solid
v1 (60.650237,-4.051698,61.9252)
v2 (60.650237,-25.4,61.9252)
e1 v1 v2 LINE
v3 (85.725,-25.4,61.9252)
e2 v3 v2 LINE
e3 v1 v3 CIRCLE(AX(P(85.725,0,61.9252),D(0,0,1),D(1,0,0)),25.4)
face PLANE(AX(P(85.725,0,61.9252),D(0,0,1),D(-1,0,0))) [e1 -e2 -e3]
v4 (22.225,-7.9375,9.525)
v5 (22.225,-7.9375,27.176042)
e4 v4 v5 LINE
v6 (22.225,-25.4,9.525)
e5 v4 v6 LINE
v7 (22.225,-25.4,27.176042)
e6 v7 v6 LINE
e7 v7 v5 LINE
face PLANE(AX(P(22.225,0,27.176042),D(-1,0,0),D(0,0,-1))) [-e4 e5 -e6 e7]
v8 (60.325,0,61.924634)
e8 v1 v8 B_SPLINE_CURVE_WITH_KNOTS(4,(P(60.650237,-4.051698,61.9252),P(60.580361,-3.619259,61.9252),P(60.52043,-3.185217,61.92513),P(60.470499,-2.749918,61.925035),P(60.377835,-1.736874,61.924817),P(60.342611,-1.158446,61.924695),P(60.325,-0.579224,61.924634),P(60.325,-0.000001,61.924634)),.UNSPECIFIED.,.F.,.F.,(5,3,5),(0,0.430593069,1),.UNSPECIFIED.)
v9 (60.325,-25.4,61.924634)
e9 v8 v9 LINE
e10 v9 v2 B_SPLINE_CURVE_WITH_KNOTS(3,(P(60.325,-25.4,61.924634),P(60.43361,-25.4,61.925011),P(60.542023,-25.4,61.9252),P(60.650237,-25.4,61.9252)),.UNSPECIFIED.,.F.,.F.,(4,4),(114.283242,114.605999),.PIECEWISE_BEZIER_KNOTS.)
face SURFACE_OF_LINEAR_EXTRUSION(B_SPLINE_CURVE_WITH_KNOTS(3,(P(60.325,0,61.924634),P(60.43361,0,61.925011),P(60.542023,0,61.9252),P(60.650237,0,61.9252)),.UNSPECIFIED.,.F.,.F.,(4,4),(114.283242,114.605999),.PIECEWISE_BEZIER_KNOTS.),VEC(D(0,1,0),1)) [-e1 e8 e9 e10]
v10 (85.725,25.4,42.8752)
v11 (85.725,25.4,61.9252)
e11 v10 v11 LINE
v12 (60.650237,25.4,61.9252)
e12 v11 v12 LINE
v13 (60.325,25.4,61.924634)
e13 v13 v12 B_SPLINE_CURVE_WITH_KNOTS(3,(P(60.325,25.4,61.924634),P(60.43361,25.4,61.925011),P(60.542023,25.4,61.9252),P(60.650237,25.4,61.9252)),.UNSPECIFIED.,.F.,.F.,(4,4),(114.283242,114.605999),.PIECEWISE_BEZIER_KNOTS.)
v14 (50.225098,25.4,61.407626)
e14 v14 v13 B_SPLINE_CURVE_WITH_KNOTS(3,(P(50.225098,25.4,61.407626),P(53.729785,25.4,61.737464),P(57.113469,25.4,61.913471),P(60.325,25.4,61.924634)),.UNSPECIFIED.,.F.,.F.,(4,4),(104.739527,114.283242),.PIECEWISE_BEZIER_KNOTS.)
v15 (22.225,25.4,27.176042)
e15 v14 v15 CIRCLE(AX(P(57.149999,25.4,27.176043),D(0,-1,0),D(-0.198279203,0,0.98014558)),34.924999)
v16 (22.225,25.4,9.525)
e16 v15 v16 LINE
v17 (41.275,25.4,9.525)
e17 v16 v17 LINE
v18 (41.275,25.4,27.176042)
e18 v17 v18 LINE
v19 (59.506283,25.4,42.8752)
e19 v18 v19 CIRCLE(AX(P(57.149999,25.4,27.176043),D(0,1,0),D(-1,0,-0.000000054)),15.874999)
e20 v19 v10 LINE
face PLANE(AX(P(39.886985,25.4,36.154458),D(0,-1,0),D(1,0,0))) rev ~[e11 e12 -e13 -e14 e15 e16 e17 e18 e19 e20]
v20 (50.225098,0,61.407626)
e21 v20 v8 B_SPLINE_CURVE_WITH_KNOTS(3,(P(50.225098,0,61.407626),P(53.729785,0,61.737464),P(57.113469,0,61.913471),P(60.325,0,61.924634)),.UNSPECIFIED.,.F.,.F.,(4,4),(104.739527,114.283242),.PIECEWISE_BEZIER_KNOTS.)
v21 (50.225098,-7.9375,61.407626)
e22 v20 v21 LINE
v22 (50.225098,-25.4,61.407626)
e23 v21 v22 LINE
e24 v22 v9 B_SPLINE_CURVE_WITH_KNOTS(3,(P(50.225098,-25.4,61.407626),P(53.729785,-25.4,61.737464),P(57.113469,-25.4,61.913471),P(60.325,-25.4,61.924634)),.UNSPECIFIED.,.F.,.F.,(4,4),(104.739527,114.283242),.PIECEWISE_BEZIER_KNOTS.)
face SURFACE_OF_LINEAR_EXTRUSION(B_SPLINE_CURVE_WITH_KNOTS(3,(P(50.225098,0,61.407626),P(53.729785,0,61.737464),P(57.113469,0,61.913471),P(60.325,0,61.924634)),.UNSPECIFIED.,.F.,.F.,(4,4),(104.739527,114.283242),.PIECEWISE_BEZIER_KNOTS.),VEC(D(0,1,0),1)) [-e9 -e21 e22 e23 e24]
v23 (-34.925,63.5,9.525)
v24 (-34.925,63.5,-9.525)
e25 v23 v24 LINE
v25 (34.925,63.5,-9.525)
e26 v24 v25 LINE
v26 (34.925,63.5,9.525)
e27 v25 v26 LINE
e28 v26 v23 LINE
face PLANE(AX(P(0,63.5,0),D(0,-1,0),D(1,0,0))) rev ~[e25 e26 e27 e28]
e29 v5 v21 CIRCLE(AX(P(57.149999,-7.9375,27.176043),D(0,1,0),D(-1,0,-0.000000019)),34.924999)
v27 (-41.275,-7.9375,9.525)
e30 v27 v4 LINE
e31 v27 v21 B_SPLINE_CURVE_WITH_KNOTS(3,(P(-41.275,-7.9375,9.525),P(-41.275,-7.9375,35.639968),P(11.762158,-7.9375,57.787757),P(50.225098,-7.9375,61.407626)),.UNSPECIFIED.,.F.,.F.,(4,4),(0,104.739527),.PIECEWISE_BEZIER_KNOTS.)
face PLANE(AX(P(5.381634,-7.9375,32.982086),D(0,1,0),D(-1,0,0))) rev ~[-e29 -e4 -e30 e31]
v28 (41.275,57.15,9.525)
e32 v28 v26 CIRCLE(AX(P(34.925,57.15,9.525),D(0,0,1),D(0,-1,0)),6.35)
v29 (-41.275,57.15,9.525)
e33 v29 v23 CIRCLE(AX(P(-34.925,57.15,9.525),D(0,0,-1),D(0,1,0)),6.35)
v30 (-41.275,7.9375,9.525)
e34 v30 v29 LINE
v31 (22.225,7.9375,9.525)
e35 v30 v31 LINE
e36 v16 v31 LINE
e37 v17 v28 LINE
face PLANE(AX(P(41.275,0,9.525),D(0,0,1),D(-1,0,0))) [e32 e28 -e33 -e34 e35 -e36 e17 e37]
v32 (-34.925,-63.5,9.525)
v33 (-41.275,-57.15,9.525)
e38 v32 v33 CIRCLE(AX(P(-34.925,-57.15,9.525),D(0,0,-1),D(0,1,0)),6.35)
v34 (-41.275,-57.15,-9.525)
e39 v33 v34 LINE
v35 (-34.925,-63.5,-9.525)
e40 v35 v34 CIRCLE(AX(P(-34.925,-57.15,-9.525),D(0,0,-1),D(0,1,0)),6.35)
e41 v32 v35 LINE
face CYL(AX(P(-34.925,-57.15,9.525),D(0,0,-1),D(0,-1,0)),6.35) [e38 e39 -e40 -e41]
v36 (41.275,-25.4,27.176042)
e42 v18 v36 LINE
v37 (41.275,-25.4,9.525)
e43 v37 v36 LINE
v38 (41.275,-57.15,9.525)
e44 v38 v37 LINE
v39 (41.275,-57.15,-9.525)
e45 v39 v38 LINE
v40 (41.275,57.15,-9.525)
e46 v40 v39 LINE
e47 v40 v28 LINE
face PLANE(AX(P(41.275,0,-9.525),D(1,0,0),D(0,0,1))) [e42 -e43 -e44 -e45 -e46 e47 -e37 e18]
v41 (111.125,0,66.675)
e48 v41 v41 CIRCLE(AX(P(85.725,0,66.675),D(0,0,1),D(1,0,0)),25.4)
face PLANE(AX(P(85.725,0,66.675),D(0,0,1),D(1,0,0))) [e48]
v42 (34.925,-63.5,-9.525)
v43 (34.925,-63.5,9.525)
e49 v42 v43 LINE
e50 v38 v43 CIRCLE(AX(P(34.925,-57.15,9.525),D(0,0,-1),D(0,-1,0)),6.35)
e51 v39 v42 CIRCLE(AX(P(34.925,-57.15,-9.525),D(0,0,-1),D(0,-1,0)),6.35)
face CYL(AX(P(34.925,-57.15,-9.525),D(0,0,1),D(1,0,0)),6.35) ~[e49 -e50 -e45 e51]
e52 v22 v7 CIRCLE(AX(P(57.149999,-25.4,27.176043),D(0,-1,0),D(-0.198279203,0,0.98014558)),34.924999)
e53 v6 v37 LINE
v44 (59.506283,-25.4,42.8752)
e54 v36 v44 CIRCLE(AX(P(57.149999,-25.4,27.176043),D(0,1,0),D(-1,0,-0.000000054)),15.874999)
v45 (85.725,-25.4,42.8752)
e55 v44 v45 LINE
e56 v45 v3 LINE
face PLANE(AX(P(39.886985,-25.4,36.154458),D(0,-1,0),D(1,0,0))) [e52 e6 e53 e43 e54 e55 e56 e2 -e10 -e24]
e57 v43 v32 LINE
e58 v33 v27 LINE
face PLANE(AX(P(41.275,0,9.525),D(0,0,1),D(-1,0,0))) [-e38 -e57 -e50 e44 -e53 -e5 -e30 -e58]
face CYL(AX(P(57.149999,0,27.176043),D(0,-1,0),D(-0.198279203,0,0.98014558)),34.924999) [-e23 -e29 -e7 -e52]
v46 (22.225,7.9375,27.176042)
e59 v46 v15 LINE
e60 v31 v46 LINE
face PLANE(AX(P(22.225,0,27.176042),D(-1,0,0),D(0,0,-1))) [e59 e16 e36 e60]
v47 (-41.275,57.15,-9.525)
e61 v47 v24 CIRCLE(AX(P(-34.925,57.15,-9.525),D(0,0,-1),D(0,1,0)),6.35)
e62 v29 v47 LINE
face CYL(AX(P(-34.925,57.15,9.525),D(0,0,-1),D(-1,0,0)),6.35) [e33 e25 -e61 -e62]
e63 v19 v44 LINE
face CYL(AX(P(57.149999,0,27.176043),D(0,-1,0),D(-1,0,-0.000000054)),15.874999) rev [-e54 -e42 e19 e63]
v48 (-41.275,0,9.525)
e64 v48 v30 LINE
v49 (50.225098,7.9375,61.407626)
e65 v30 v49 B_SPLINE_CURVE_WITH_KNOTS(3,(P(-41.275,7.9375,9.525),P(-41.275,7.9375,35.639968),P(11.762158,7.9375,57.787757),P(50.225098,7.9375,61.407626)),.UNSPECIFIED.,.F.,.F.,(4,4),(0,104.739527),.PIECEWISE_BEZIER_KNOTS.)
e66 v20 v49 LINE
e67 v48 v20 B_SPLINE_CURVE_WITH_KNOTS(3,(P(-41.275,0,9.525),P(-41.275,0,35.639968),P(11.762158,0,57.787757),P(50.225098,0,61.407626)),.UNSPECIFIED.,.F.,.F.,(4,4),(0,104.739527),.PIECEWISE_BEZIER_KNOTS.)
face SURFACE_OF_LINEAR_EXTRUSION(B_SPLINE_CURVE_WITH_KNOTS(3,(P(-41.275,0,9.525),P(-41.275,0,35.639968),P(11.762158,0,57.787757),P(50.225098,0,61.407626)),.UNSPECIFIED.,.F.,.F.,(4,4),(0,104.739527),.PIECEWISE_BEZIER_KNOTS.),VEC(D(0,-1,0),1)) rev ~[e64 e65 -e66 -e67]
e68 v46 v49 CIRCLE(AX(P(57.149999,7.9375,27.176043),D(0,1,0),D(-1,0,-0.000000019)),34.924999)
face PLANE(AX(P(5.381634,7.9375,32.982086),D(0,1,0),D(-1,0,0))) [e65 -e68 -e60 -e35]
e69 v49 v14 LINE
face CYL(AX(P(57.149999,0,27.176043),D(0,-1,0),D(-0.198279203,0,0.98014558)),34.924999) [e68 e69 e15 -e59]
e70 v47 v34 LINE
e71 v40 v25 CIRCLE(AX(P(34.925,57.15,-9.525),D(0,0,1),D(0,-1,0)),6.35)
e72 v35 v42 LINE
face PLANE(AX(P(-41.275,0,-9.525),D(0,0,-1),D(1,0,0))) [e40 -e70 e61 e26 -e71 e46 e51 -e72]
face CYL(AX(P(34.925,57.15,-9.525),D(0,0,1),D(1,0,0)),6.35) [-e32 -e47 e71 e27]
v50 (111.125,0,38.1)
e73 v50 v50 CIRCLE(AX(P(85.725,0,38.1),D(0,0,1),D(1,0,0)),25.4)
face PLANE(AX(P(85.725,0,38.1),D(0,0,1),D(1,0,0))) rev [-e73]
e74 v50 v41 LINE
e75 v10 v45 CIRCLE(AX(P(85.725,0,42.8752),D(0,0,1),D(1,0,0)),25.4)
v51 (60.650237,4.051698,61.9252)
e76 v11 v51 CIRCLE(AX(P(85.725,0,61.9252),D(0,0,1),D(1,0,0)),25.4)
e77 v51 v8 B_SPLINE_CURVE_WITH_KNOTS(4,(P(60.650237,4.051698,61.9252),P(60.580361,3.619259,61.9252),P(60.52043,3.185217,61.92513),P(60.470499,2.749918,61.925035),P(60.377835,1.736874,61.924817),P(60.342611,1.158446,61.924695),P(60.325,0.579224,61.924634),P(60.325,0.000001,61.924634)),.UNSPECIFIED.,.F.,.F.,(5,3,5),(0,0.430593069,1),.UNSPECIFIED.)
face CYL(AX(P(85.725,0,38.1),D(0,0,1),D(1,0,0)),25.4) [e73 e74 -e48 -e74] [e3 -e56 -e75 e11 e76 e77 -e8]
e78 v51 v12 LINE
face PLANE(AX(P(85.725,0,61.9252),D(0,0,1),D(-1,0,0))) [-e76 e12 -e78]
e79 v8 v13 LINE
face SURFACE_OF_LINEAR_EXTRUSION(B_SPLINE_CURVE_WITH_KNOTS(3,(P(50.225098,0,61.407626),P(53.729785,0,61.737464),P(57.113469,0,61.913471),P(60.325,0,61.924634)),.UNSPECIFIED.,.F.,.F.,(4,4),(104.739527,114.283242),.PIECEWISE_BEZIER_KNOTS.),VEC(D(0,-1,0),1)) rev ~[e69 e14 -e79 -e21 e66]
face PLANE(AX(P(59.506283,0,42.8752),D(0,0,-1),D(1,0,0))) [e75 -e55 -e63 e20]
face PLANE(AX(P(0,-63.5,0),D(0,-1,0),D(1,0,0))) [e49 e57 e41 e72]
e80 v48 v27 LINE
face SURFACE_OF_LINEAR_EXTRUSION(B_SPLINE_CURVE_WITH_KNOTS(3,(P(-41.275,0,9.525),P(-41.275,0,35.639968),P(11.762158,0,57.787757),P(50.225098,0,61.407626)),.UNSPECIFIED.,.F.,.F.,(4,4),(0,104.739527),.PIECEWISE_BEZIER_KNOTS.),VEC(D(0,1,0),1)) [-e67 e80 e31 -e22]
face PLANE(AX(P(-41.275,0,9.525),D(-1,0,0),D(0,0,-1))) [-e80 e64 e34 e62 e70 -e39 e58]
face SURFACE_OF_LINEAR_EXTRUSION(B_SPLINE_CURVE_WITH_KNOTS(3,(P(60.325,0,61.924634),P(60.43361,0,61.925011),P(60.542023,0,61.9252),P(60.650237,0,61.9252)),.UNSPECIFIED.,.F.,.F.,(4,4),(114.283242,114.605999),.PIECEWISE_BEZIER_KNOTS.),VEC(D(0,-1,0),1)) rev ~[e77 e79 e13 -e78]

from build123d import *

# Parameters (mm, degrees)
F1_DEPTH = 63.5
F2_DEPTH = 25.4
F3_DEPTH = 7.9375
F5_R     = 6.35


with BuildPart() as f1:
    # F0 (on Front) → F1 (new body, symmetric)
    with BuildSketch(Plane.XZ):
        Polygon((22.225, 9.525), (-41.275, 9.525), (-41.275, -9.525), (41.275, -9.525), (41.275, 9.525), align=None)
    extrude(amount=F1_DEPTH, both=True)

    # F0 (on Front) → F2 (join, symmetric)
    with BuildSketch(Plane.XZ):
        with BuildLine():
            Line((22.225, 27.176042), (22.225, 9.525))
            Line((22.225, 9.525), (41.275, 9.525))
            Line((41.275, 9.525), (41.275, 27.176042))
            ThreePointArc((41.275, 27.176042), (46.791196, 39.205623), (59.506283, 42.8752))
            Line((59.506283, 42.8752), (60.325, 42.8752))
            Line((60.325, 42.8752), (60.325, 61.924634))
            add(Edge.make_bspline(
                [(50.225098, 61.407626), (53.729785, 61.737464), (57.113469, 61.913471), (60.325, 61.924634)],
                knots=[104.739527, 104.739527, 104.739527, 104.739527, 114.283242, 114.283242, 114.283242, 114.283242], degree=3))
            ThreePointArc((50.225098, 61.407626), (30.116615, 49.288295), (22.225, 27.176042))
        make_face()
        with BuildLine():
            add(Edge.make_bspline(
                [(60.325, 61.924634), (60.43361, 61.925011), (60.542023, 61.9252), (60.650237, 61.9252)],
                knots=[114.283242, 114.283242, 114.283242, 114.283242, 114.605999, 114.605999, 114.605999, 114.605999], degree=3))
            Line((60.325, 61.924634), (60.325, 42.8752))
            Line((60.325, 42.8752), (85.725, 42.8752))
            Line((85.725, 42.8752), (85.725, 61.9252))
            Line((85.725, 61.9252), (60.650237, 61.9252))
        make_face()
    extrude(amount=F2_DEPTH, both=True)

    # F0 (on Front) → F3 (join, symmetric)
    with BuildSketch(Plane.XZ):
        with BuildLine():
            add(Edge.make_bspline(
                [(-41.275, 9.525), (-41.275, 35.639968), (11.762158, 57.787757), (50.225098, 61.407626)],
                knots=[0, 0, 0, 0, 104.739527, 104.739527, 104.739527, 104.739527], degree=3))
            Line((-41.275, 9.525), (22.225, 9.525))
            Line((22.225, 9.525), (22.225, 27.176042))
            ThreePointArc((22.225, 27.176042), (30.116615, 49.288295), (50.225098, 61.407626))
        make_face()
    extrude(amount=F3_DEPTH, both=True)

    # F0 (on Front) → F4 (revolve)
    with BuildSketch(Plane.XZ):
        Polygon((111.125, 66.675), (85.725, 66.675), (85.725, 61.9252), (85.725, 42.8752), (85.725, 38.1), (111.125, 38.1), align=None)
    revolve(axis=Axis((85.725, 0, 52.3875), (0, 0, 1)))

    # F5
    f5_edges = [f1.edges().sort_by_distance(p)[0] for p in [
        (41.275, -63.5, 0),
        (-41.275, -63.5, 0),
        (41.275, 63.5, 0),
        (-41.275, 63.5, 0),
    ]]
    fillet(f5_edges, radius=F5_R)


solid = f1.part
